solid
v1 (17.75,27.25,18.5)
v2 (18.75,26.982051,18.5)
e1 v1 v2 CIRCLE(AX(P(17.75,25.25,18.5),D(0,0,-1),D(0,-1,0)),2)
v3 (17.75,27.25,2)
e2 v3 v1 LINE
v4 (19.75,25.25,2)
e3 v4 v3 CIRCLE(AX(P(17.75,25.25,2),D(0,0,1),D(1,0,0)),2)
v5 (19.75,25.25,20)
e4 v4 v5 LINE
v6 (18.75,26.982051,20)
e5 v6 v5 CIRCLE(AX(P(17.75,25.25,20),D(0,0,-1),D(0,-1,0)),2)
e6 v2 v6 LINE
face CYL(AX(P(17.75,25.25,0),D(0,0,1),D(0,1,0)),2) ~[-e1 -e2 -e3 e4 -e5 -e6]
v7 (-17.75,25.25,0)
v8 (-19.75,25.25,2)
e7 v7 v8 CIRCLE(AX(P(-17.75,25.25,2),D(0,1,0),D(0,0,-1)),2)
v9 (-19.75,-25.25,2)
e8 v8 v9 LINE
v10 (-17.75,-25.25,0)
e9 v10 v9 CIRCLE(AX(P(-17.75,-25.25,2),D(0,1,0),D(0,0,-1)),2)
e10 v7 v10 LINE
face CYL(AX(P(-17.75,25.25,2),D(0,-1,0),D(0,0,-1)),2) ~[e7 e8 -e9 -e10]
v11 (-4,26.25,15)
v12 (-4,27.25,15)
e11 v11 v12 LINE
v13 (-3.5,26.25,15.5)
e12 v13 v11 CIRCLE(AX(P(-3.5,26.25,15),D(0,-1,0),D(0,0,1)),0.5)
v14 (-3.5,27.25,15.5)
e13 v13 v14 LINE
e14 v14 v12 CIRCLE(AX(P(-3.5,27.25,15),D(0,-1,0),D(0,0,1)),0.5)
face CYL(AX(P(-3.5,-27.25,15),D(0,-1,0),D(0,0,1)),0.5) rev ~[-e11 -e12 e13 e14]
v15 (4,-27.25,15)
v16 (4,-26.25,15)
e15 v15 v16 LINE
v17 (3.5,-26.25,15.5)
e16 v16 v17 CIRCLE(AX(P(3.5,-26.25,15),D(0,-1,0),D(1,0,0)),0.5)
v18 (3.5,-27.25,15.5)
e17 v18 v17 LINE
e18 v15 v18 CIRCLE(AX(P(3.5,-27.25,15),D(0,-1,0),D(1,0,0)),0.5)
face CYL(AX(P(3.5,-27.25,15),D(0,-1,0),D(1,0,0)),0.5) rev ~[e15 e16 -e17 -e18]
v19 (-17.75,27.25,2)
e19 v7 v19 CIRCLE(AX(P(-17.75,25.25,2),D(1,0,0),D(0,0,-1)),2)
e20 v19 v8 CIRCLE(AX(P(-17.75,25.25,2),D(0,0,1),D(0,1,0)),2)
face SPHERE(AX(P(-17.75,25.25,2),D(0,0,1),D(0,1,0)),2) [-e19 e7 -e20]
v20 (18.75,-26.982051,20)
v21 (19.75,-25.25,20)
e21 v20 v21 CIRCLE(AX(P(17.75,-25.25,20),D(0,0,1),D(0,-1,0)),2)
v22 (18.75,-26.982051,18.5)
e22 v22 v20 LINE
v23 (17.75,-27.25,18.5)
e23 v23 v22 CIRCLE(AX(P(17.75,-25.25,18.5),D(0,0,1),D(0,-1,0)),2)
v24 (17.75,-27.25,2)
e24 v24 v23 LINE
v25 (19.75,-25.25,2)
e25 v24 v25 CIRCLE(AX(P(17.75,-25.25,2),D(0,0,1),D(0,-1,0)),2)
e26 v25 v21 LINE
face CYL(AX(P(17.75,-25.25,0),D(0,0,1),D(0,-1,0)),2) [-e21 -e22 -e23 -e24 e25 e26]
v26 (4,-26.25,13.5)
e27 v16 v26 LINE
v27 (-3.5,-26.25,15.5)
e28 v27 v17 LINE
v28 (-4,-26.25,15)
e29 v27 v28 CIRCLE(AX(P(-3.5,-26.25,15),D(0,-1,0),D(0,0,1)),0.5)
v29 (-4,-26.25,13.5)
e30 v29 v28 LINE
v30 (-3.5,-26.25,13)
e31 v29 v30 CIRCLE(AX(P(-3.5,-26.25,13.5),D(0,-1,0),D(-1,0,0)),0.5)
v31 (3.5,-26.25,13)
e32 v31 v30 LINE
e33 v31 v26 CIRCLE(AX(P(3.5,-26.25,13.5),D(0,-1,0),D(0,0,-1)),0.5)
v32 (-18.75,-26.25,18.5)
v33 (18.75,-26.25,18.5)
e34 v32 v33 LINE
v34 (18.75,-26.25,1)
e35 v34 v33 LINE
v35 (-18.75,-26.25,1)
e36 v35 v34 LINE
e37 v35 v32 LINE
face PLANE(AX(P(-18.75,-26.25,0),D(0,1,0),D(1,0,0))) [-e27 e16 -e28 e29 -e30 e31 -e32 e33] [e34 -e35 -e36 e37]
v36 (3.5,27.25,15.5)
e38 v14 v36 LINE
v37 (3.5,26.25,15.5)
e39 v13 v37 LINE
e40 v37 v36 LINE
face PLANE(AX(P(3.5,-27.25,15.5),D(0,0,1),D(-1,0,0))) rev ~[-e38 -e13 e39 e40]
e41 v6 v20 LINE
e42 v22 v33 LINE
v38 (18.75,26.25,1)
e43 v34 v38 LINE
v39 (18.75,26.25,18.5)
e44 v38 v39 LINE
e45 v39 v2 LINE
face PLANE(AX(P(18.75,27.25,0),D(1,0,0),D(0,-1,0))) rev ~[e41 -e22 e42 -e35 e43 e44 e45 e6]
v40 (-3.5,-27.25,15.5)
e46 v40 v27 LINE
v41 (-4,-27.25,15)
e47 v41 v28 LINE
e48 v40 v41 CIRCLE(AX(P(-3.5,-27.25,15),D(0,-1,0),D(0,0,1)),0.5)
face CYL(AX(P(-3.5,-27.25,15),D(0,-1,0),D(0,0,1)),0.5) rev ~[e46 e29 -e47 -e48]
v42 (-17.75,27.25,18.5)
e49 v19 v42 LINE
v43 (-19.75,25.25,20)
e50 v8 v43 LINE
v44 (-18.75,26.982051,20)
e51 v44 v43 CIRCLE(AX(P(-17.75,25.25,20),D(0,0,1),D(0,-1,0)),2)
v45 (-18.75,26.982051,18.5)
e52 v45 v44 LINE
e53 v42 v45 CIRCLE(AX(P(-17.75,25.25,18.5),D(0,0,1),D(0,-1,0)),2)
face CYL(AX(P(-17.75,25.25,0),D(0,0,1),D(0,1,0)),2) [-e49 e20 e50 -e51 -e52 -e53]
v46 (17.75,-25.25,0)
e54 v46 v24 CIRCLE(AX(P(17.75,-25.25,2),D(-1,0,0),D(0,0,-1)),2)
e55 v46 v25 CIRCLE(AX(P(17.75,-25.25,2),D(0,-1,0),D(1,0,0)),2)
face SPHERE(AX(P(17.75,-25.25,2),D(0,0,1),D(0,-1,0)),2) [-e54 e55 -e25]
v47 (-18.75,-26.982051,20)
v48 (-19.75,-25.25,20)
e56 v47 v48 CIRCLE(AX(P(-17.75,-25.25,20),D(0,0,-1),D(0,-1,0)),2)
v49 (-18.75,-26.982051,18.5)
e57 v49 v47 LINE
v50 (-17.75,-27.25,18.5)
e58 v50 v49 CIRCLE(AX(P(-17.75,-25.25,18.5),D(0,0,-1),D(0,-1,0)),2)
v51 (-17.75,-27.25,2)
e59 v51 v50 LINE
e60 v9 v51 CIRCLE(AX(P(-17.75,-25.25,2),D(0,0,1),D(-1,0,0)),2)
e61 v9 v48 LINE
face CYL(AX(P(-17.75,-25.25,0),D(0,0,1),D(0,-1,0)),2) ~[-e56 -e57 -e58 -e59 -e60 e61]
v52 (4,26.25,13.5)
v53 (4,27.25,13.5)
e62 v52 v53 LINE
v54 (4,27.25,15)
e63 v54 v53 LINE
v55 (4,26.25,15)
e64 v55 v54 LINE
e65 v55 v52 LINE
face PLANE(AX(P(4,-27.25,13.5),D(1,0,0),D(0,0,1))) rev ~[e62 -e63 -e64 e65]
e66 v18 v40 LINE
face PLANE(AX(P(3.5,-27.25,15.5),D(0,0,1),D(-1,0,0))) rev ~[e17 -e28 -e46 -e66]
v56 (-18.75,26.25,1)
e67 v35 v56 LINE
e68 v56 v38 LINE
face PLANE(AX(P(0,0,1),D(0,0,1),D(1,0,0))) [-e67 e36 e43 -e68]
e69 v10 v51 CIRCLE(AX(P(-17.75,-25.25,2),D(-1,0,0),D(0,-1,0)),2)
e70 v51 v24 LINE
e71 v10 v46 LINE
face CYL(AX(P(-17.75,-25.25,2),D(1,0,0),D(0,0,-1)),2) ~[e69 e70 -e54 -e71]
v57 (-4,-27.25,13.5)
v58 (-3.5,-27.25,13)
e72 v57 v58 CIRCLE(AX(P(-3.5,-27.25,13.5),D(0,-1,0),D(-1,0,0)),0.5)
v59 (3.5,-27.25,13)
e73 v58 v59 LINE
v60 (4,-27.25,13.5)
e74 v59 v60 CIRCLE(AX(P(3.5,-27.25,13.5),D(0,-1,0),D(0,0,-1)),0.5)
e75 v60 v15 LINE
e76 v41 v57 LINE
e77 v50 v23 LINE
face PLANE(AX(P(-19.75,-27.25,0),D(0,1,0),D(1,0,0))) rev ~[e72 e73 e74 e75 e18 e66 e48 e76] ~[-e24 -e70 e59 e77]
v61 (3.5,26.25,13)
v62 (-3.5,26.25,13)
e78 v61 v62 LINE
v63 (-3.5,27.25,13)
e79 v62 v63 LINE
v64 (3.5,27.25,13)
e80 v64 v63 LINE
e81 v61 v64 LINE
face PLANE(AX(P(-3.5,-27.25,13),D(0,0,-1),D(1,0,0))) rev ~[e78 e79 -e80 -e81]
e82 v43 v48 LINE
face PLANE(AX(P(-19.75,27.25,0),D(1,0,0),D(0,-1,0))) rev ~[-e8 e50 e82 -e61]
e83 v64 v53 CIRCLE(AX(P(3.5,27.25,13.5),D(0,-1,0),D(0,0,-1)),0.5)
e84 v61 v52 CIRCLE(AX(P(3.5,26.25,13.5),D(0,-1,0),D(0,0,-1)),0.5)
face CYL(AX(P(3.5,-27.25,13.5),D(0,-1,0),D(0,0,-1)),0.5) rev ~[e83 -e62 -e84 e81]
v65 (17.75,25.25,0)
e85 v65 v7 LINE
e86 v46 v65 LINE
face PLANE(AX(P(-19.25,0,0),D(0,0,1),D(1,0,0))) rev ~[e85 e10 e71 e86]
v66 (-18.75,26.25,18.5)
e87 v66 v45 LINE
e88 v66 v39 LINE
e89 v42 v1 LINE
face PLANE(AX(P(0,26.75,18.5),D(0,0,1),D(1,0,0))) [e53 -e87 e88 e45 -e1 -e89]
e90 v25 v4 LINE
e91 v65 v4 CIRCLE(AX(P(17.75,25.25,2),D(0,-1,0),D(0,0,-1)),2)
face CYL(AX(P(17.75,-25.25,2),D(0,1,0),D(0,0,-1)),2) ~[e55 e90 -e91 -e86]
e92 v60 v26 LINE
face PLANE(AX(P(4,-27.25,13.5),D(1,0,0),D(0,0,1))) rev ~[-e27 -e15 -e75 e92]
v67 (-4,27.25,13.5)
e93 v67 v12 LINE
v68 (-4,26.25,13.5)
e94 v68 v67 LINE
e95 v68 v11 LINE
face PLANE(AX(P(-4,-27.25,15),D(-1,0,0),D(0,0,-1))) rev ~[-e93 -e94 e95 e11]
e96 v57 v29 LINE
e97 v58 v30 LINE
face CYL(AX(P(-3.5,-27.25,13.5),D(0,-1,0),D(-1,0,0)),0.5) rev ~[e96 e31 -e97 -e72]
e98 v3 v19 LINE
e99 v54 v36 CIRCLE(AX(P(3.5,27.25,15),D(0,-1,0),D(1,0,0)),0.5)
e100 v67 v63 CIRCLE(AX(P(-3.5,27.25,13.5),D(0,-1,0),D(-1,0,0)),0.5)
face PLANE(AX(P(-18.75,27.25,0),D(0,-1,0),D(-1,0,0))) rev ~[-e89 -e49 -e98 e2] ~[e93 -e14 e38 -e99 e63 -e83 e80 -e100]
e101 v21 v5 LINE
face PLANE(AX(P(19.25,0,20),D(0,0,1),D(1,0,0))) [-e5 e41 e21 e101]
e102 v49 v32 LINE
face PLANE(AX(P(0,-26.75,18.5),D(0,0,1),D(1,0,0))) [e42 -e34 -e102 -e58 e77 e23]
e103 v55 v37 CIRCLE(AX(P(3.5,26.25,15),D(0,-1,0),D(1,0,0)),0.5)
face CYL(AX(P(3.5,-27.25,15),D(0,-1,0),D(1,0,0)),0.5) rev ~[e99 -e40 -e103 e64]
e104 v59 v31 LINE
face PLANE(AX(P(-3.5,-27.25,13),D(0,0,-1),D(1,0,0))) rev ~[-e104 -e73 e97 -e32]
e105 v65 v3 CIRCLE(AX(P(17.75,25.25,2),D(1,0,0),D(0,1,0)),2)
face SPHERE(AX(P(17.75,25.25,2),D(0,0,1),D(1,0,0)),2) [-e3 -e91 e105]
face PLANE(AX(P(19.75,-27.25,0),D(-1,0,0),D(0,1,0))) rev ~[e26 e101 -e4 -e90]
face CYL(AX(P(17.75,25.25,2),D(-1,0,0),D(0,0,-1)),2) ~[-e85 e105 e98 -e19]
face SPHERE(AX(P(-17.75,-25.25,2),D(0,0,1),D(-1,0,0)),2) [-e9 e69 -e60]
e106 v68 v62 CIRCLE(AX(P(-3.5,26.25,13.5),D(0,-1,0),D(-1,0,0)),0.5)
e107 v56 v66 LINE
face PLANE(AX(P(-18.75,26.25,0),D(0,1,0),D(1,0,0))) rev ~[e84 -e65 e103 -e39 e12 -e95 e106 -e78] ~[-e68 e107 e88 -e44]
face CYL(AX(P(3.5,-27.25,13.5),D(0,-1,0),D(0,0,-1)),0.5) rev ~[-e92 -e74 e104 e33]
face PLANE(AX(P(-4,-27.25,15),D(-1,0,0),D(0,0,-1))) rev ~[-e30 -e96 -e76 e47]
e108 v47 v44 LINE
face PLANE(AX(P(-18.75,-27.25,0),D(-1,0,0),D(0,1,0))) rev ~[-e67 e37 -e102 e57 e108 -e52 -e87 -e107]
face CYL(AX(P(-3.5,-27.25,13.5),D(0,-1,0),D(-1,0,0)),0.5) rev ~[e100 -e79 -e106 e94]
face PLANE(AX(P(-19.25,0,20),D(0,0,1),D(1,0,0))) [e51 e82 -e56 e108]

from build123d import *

# Parameters (mm, degrees)
F0_W     = 37.5
F0_H     = 52.5
F1_DEPTH = 1
F0_H_2   = 1
F2_DEPTH = 18.5
F4_DEPTH = 60
F5_DEPTH = 20
F6_R     = 2
F7_R     = 2


with BuildPart() as f1:
    # F0 (on Top) → F1 (new body)
    with BuildSketch(Plane.XY):
        Rectangle(F0_W, F0_H)
    extrude(amount=F1_DEPTH)

    # F0 (on Top) → F2 (join)
    with BuildSketch(Plane.XY):
        with Locations((0, 26.75)):
            Rectangle(F0_W, F0_H_2)
        with Locations((0, -26.75)):
            Rectangle(F0_W, F0_H_2)
    extrude(amount=F2_DEPTH)

    # F3 (on face) → F4 (cut)
    with BuildSketch(Plane.XZ.offset(27.25)):
        with BuildLine():
            ThreePointArc((4, 15), (3.8535533906, 15.3535533906), (3.5, 15.5))
            Line((3.5, 15.5), (-3.5, 15.5))
            ThreePointArc((-3.5, 15.5), (-3.8535533906, 15.3535533906), (-4, 15))
            Line((-4, 15), (-4, 13.5))
            ThreePointArc((-4, 13.5), (-3.8535533906, 13.1464466094), (-3.5, 13))
            Line((-3.5, 13), (3.5, 13))
            ThreePointArc((3.5, 13), (3.8535533906, 13.1464466094), (4, 13.5))
            Line((4, 13.5), (4, 15))
        make_face()
    extrude(amount=-F4_DEPTH, mode=Mode.SUBTRACT)

    # F0 (on Top) → F5 (join)
    with BuildSketch(Plane.XY):
        Polygon((-18.75, -26.25), (-18.75, 26.25), (-18.75, 27.25), (-19.75, 27.25), (-19.75, -27.25), (-18.75, -27.25), align=None)
        Polygon((18.75, 27.25), (18.75, 26.25), (18.75, -26.25), (18.75, -27.25), (19.75, -27.25), (19.75, 27.25), align=None)
    extrude(amount=F5_DEPTH)

    # F6
    f6_edges = [f1.edges().sort_by_distance(p)[0] for p in [
        (19.75, -27.25, 10),
        (-19.75, -27.25, 10),
        (19.75, 27.25, 10),
        (-19.75, 27.25, 10),
    ]]
    fillet(f6_edges, radius=F6_R)

    # F7
    f7_edges = [f1.edges().sort_by_distance(p)[0] for p in [
        (-19.75, 0, 0),
        (-19.164214, -26.664214, 0),
        (0, -27.25, 0),
        (19.164214, -26.664214, 0),
        (19.75, 0, 0),
        (19.164214, 26.664214, 0),
        (0, 27.25, 0),
        (-19.164214, 26.664214, 0),
    ]]
    fillet(f7_edges, radius=F7_R)


solid = f1.part
